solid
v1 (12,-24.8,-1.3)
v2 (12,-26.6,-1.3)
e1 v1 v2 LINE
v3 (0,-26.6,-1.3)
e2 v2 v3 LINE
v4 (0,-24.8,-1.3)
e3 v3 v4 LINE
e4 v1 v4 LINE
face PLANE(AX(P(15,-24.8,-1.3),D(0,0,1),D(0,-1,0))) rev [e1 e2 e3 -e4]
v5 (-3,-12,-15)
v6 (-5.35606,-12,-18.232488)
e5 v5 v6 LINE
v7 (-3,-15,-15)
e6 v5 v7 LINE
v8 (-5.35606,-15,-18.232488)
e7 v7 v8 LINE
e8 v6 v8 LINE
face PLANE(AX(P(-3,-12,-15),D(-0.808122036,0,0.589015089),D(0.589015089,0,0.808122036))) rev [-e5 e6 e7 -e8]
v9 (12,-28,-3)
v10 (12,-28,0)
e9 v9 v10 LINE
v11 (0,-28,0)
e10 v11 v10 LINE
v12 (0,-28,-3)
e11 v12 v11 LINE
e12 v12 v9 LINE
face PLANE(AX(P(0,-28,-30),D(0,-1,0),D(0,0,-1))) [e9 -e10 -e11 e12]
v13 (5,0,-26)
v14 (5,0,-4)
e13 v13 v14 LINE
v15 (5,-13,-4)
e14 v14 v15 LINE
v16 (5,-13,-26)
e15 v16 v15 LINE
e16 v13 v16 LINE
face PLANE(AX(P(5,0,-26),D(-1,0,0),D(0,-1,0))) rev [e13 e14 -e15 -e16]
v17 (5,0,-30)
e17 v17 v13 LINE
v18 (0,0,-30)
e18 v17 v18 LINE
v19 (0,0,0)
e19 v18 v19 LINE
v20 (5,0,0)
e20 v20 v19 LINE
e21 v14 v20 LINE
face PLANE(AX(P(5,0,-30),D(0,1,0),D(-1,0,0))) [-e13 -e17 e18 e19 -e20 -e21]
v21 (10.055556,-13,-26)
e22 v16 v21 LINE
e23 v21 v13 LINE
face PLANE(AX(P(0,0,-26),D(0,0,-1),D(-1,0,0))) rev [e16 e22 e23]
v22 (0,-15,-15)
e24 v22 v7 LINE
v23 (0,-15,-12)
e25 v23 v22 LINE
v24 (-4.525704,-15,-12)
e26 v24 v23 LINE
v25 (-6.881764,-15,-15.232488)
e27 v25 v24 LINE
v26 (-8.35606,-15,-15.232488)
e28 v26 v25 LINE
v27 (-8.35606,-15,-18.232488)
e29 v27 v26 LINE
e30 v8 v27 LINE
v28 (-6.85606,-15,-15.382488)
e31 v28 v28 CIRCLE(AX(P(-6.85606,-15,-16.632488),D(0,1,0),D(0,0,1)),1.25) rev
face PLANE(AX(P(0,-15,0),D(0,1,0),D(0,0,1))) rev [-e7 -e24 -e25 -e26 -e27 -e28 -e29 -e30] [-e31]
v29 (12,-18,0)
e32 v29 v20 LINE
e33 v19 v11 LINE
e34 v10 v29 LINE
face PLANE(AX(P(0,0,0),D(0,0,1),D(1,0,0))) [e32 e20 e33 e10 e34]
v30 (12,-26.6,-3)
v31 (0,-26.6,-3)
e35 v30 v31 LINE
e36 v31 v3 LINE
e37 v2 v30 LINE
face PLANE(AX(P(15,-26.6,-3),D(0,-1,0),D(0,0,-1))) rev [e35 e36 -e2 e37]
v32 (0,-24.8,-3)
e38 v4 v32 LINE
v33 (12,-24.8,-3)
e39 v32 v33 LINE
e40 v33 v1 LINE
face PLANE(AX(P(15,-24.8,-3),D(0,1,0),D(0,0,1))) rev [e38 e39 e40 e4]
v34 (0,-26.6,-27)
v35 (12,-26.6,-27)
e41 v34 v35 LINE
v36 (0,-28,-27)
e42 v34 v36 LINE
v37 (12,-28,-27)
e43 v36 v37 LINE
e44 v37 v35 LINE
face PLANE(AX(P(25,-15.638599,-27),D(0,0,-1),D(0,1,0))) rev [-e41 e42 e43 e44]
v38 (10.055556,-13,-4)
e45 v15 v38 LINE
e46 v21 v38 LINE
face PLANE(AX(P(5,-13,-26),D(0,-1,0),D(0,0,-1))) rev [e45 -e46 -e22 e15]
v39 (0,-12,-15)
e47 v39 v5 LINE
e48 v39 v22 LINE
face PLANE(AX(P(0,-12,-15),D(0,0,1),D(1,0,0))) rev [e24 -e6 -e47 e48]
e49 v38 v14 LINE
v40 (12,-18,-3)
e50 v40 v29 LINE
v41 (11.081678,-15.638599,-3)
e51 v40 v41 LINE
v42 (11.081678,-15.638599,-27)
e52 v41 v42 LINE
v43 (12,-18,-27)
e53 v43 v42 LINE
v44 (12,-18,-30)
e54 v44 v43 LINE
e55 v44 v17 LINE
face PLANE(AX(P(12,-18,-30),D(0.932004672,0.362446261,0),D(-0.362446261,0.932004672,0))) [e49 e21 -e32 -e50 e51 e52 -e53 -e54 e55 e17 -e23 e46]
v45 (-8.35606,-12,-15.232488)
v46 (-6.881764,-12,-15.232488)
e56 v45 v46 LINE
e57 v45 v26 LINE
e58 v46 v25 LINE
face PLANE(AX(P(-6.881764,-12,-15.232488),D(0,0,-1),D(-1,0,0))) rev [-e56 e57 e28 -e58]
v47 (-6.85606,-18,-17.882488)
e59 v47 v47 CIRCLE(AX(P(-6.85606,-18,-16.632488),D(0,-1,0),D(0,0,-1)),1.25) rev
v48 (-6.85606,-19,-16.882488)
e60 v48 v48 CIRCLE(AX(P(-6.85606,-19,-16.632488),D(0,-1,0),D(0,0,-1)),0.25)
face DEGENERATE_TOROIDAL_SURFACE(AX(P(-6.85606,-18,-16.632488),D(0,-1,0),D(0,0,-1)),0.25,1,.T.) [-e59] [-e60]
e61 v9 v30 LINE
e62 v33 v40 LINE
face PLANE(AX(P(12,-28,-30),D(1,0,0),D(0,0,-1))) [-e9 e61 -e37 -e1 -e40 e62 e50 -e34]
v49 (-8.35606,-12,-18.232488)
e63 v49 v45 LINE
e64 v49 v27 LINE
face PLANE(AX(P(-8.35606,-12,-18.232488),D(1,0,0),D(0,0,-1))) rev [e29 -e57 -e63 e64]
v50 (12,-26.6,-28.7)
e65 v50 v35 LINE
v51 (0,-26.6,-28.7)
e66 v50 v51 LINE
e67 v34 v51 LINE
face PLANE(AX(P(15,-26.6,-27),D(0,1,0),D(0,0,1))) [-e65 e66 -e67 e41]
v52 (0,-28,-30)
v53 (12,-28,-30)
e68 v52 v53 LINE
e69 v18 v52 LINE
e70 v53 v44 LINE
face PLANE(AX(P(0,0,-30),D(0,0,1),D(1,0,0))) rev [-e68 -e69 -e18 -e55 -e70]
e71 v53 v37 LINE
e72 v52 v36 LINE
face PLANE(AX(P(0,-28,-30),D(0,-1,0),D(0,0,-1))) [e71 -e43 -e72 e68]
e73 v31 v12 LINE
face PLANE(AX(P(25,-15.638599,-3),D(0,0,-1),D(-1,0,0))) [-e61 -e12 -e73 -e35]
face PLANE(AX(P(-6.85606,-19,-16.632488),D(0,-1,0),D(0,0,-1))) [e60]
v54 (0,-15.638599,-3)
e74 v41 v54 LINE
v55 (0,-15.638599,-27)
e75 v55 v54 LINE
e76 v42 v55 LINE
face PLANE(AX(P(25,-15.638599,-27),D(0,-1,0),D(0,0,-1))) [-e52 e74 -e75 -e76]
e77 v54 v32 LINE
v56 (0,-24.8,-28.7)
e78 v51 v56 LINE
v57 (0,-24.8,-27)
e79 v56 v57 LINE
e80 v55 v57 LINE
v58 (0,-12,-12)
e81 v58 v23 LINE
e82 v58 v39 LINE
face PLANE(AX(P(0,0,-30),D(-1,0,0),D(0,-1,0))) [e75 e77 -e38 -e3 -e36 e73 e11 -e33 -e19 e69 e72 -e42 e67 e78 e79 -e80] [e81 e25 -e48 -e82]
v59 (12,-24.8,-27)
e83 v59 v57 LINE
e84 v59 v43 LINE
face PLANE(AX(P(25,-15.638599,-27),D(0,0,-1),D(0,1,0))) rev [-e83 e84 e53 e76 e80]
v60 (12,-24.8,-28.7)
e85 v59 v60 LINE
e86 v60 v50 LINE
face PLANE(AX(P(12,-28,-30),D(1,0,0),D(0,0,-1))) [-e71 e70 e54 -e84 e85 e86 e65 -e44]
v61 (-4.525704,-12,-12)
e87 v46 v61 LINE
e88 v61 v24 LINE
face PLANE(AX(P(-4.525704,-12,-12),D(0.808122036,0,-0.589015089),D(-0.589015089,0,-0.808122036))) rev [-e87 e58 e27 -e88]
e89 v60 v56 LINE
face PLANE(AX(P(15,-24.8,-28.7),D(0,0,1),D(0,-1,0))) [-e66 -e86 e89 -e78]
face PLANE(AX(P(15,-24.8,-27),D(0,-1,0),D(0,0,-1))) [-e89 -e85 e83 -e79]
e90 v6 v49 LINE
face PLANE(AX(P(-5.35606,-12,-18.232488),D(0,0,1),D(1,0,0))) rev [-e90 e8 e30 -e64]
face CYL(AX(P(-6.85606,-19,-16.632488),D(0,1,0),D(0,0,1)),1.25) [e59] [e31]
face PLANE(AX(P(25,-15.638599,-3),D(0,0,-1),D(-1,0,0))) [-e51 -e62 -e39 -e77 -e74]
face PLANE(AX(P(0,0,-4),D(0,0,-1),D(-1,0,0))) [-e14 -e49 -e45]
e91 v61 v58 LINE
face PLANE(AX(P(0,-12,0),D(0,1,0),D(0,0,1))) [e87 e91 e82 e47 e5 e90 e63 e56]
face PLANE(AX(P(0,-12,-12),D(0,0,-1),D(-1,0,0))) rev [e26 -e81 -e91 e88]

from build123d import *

# Parameters (mm, degrees)
BOSS_EXTRUDE1_DEPTH = 30
SKETCH4_W           = 24
SKETCH4_H           = 14
CUT_EXTRUDE2_DEPTH  = 25
SKETCH5_W           = 1.7
SKETCH5_H           = 1.8
CUT_EXTRUDE3_DEPTH  = 15
CUT_EXTRUDE4_DEPTH  = 11
BOSS_EXTRUDE2_DEPTH = 3
SKETCH8_R           = 1.25
BOSS_EXTRUDE3_DEPTH = 4
FILLET3_R           = 1


with BuildPart() as part:
    # Sketch1 → Boss-Extrude1 (new body)
    with BuildSketch(Plane.XY):
        Polygon((0, 0), (0, -28), (12, -28), (12, -18), (5, 0), align=None)
    extrude(amount=-BOSS_EXTRUDE1_DEPTH)

    # Sketch4 → Cut-Extrude2 (cut)
    with BuildSketch(Plane.ZY):
        with Locations((-15, -22.638599401)):
            Rectangle(SKETCH4_W, SKETCH4_H)
    extrude(amount=-CUT_EXTRUDE2_DEPTH, mode=Mode.SUBTRACT)

    # Sketch5 → Cut-Extrude3 (cut)
    with BuildSketch(Plane.ZY):
        with Locations((-2.15, -25.7)):
            Rectangle(SKETCH5_W, SKETCH5_H)
    cut_extrude3 = extrude(amount=-CUT_EXTRUDE3_DEPTH, mode=Mode.SUBTRACT)

    # Mirror1: Cut-Extrude3 across plane
    add(cut_extrude3.mirror(Plane.XY.offset(-15)), mode=Mode.SUBTRACT)

    # Sketch6 → Cut-Extrude4 (cut, symmetric)
    with BuildSketch(Plane.XY.offset(-15)):
        Polygon((5, 0), (5, -13), (10.055555556, -13), align=None)
    extrude(amount=CUT_EXTRUDE4_DEPTH, both=True, mode=Mode.SUBTRACT)

    # Sketch7 → Boss-Extrude2 (add)
    with BuildSketch(Plane(origin=(0, -15, 0), x_dir=(1, 0, 0), z_dir=(0, 1, 0))):
        Polygon((0, 15), (-3, 15), (-5.356060357, 18.232488143), (-8.356060357, 18.232488143), (-8.356060357, 15.232488143), (-6.881763998, 15.232488143), (-4.525703641, 12), (0, 12), align=None)
    extrude(amount=BOSS_EXTRUDE2_DEPTH)

    # Sketch8 → Boss-Extrude3 (add)
    with BuildSketch(Plane(origin=(0, -15, 0), x_dir=(-1, 0, 0), z_dir=(0, -1, 0))):
        with Locations(Location((6.856060357, 16.632488143, 0), (0, 0, 270))):
            Circle(SKETCH8_R)
    extrude(amount=BOSS_EXTRUDE3_DEPTH)

    # Fillet3
    fillet3_edges = [part.edges().sort_by_distance(p)[0] for p in [
        (-6.856060357, -19, -17.882488143),
    ]]
    fillet(fillet3_edges, radius=FILLET3_R)


solid = part.part
